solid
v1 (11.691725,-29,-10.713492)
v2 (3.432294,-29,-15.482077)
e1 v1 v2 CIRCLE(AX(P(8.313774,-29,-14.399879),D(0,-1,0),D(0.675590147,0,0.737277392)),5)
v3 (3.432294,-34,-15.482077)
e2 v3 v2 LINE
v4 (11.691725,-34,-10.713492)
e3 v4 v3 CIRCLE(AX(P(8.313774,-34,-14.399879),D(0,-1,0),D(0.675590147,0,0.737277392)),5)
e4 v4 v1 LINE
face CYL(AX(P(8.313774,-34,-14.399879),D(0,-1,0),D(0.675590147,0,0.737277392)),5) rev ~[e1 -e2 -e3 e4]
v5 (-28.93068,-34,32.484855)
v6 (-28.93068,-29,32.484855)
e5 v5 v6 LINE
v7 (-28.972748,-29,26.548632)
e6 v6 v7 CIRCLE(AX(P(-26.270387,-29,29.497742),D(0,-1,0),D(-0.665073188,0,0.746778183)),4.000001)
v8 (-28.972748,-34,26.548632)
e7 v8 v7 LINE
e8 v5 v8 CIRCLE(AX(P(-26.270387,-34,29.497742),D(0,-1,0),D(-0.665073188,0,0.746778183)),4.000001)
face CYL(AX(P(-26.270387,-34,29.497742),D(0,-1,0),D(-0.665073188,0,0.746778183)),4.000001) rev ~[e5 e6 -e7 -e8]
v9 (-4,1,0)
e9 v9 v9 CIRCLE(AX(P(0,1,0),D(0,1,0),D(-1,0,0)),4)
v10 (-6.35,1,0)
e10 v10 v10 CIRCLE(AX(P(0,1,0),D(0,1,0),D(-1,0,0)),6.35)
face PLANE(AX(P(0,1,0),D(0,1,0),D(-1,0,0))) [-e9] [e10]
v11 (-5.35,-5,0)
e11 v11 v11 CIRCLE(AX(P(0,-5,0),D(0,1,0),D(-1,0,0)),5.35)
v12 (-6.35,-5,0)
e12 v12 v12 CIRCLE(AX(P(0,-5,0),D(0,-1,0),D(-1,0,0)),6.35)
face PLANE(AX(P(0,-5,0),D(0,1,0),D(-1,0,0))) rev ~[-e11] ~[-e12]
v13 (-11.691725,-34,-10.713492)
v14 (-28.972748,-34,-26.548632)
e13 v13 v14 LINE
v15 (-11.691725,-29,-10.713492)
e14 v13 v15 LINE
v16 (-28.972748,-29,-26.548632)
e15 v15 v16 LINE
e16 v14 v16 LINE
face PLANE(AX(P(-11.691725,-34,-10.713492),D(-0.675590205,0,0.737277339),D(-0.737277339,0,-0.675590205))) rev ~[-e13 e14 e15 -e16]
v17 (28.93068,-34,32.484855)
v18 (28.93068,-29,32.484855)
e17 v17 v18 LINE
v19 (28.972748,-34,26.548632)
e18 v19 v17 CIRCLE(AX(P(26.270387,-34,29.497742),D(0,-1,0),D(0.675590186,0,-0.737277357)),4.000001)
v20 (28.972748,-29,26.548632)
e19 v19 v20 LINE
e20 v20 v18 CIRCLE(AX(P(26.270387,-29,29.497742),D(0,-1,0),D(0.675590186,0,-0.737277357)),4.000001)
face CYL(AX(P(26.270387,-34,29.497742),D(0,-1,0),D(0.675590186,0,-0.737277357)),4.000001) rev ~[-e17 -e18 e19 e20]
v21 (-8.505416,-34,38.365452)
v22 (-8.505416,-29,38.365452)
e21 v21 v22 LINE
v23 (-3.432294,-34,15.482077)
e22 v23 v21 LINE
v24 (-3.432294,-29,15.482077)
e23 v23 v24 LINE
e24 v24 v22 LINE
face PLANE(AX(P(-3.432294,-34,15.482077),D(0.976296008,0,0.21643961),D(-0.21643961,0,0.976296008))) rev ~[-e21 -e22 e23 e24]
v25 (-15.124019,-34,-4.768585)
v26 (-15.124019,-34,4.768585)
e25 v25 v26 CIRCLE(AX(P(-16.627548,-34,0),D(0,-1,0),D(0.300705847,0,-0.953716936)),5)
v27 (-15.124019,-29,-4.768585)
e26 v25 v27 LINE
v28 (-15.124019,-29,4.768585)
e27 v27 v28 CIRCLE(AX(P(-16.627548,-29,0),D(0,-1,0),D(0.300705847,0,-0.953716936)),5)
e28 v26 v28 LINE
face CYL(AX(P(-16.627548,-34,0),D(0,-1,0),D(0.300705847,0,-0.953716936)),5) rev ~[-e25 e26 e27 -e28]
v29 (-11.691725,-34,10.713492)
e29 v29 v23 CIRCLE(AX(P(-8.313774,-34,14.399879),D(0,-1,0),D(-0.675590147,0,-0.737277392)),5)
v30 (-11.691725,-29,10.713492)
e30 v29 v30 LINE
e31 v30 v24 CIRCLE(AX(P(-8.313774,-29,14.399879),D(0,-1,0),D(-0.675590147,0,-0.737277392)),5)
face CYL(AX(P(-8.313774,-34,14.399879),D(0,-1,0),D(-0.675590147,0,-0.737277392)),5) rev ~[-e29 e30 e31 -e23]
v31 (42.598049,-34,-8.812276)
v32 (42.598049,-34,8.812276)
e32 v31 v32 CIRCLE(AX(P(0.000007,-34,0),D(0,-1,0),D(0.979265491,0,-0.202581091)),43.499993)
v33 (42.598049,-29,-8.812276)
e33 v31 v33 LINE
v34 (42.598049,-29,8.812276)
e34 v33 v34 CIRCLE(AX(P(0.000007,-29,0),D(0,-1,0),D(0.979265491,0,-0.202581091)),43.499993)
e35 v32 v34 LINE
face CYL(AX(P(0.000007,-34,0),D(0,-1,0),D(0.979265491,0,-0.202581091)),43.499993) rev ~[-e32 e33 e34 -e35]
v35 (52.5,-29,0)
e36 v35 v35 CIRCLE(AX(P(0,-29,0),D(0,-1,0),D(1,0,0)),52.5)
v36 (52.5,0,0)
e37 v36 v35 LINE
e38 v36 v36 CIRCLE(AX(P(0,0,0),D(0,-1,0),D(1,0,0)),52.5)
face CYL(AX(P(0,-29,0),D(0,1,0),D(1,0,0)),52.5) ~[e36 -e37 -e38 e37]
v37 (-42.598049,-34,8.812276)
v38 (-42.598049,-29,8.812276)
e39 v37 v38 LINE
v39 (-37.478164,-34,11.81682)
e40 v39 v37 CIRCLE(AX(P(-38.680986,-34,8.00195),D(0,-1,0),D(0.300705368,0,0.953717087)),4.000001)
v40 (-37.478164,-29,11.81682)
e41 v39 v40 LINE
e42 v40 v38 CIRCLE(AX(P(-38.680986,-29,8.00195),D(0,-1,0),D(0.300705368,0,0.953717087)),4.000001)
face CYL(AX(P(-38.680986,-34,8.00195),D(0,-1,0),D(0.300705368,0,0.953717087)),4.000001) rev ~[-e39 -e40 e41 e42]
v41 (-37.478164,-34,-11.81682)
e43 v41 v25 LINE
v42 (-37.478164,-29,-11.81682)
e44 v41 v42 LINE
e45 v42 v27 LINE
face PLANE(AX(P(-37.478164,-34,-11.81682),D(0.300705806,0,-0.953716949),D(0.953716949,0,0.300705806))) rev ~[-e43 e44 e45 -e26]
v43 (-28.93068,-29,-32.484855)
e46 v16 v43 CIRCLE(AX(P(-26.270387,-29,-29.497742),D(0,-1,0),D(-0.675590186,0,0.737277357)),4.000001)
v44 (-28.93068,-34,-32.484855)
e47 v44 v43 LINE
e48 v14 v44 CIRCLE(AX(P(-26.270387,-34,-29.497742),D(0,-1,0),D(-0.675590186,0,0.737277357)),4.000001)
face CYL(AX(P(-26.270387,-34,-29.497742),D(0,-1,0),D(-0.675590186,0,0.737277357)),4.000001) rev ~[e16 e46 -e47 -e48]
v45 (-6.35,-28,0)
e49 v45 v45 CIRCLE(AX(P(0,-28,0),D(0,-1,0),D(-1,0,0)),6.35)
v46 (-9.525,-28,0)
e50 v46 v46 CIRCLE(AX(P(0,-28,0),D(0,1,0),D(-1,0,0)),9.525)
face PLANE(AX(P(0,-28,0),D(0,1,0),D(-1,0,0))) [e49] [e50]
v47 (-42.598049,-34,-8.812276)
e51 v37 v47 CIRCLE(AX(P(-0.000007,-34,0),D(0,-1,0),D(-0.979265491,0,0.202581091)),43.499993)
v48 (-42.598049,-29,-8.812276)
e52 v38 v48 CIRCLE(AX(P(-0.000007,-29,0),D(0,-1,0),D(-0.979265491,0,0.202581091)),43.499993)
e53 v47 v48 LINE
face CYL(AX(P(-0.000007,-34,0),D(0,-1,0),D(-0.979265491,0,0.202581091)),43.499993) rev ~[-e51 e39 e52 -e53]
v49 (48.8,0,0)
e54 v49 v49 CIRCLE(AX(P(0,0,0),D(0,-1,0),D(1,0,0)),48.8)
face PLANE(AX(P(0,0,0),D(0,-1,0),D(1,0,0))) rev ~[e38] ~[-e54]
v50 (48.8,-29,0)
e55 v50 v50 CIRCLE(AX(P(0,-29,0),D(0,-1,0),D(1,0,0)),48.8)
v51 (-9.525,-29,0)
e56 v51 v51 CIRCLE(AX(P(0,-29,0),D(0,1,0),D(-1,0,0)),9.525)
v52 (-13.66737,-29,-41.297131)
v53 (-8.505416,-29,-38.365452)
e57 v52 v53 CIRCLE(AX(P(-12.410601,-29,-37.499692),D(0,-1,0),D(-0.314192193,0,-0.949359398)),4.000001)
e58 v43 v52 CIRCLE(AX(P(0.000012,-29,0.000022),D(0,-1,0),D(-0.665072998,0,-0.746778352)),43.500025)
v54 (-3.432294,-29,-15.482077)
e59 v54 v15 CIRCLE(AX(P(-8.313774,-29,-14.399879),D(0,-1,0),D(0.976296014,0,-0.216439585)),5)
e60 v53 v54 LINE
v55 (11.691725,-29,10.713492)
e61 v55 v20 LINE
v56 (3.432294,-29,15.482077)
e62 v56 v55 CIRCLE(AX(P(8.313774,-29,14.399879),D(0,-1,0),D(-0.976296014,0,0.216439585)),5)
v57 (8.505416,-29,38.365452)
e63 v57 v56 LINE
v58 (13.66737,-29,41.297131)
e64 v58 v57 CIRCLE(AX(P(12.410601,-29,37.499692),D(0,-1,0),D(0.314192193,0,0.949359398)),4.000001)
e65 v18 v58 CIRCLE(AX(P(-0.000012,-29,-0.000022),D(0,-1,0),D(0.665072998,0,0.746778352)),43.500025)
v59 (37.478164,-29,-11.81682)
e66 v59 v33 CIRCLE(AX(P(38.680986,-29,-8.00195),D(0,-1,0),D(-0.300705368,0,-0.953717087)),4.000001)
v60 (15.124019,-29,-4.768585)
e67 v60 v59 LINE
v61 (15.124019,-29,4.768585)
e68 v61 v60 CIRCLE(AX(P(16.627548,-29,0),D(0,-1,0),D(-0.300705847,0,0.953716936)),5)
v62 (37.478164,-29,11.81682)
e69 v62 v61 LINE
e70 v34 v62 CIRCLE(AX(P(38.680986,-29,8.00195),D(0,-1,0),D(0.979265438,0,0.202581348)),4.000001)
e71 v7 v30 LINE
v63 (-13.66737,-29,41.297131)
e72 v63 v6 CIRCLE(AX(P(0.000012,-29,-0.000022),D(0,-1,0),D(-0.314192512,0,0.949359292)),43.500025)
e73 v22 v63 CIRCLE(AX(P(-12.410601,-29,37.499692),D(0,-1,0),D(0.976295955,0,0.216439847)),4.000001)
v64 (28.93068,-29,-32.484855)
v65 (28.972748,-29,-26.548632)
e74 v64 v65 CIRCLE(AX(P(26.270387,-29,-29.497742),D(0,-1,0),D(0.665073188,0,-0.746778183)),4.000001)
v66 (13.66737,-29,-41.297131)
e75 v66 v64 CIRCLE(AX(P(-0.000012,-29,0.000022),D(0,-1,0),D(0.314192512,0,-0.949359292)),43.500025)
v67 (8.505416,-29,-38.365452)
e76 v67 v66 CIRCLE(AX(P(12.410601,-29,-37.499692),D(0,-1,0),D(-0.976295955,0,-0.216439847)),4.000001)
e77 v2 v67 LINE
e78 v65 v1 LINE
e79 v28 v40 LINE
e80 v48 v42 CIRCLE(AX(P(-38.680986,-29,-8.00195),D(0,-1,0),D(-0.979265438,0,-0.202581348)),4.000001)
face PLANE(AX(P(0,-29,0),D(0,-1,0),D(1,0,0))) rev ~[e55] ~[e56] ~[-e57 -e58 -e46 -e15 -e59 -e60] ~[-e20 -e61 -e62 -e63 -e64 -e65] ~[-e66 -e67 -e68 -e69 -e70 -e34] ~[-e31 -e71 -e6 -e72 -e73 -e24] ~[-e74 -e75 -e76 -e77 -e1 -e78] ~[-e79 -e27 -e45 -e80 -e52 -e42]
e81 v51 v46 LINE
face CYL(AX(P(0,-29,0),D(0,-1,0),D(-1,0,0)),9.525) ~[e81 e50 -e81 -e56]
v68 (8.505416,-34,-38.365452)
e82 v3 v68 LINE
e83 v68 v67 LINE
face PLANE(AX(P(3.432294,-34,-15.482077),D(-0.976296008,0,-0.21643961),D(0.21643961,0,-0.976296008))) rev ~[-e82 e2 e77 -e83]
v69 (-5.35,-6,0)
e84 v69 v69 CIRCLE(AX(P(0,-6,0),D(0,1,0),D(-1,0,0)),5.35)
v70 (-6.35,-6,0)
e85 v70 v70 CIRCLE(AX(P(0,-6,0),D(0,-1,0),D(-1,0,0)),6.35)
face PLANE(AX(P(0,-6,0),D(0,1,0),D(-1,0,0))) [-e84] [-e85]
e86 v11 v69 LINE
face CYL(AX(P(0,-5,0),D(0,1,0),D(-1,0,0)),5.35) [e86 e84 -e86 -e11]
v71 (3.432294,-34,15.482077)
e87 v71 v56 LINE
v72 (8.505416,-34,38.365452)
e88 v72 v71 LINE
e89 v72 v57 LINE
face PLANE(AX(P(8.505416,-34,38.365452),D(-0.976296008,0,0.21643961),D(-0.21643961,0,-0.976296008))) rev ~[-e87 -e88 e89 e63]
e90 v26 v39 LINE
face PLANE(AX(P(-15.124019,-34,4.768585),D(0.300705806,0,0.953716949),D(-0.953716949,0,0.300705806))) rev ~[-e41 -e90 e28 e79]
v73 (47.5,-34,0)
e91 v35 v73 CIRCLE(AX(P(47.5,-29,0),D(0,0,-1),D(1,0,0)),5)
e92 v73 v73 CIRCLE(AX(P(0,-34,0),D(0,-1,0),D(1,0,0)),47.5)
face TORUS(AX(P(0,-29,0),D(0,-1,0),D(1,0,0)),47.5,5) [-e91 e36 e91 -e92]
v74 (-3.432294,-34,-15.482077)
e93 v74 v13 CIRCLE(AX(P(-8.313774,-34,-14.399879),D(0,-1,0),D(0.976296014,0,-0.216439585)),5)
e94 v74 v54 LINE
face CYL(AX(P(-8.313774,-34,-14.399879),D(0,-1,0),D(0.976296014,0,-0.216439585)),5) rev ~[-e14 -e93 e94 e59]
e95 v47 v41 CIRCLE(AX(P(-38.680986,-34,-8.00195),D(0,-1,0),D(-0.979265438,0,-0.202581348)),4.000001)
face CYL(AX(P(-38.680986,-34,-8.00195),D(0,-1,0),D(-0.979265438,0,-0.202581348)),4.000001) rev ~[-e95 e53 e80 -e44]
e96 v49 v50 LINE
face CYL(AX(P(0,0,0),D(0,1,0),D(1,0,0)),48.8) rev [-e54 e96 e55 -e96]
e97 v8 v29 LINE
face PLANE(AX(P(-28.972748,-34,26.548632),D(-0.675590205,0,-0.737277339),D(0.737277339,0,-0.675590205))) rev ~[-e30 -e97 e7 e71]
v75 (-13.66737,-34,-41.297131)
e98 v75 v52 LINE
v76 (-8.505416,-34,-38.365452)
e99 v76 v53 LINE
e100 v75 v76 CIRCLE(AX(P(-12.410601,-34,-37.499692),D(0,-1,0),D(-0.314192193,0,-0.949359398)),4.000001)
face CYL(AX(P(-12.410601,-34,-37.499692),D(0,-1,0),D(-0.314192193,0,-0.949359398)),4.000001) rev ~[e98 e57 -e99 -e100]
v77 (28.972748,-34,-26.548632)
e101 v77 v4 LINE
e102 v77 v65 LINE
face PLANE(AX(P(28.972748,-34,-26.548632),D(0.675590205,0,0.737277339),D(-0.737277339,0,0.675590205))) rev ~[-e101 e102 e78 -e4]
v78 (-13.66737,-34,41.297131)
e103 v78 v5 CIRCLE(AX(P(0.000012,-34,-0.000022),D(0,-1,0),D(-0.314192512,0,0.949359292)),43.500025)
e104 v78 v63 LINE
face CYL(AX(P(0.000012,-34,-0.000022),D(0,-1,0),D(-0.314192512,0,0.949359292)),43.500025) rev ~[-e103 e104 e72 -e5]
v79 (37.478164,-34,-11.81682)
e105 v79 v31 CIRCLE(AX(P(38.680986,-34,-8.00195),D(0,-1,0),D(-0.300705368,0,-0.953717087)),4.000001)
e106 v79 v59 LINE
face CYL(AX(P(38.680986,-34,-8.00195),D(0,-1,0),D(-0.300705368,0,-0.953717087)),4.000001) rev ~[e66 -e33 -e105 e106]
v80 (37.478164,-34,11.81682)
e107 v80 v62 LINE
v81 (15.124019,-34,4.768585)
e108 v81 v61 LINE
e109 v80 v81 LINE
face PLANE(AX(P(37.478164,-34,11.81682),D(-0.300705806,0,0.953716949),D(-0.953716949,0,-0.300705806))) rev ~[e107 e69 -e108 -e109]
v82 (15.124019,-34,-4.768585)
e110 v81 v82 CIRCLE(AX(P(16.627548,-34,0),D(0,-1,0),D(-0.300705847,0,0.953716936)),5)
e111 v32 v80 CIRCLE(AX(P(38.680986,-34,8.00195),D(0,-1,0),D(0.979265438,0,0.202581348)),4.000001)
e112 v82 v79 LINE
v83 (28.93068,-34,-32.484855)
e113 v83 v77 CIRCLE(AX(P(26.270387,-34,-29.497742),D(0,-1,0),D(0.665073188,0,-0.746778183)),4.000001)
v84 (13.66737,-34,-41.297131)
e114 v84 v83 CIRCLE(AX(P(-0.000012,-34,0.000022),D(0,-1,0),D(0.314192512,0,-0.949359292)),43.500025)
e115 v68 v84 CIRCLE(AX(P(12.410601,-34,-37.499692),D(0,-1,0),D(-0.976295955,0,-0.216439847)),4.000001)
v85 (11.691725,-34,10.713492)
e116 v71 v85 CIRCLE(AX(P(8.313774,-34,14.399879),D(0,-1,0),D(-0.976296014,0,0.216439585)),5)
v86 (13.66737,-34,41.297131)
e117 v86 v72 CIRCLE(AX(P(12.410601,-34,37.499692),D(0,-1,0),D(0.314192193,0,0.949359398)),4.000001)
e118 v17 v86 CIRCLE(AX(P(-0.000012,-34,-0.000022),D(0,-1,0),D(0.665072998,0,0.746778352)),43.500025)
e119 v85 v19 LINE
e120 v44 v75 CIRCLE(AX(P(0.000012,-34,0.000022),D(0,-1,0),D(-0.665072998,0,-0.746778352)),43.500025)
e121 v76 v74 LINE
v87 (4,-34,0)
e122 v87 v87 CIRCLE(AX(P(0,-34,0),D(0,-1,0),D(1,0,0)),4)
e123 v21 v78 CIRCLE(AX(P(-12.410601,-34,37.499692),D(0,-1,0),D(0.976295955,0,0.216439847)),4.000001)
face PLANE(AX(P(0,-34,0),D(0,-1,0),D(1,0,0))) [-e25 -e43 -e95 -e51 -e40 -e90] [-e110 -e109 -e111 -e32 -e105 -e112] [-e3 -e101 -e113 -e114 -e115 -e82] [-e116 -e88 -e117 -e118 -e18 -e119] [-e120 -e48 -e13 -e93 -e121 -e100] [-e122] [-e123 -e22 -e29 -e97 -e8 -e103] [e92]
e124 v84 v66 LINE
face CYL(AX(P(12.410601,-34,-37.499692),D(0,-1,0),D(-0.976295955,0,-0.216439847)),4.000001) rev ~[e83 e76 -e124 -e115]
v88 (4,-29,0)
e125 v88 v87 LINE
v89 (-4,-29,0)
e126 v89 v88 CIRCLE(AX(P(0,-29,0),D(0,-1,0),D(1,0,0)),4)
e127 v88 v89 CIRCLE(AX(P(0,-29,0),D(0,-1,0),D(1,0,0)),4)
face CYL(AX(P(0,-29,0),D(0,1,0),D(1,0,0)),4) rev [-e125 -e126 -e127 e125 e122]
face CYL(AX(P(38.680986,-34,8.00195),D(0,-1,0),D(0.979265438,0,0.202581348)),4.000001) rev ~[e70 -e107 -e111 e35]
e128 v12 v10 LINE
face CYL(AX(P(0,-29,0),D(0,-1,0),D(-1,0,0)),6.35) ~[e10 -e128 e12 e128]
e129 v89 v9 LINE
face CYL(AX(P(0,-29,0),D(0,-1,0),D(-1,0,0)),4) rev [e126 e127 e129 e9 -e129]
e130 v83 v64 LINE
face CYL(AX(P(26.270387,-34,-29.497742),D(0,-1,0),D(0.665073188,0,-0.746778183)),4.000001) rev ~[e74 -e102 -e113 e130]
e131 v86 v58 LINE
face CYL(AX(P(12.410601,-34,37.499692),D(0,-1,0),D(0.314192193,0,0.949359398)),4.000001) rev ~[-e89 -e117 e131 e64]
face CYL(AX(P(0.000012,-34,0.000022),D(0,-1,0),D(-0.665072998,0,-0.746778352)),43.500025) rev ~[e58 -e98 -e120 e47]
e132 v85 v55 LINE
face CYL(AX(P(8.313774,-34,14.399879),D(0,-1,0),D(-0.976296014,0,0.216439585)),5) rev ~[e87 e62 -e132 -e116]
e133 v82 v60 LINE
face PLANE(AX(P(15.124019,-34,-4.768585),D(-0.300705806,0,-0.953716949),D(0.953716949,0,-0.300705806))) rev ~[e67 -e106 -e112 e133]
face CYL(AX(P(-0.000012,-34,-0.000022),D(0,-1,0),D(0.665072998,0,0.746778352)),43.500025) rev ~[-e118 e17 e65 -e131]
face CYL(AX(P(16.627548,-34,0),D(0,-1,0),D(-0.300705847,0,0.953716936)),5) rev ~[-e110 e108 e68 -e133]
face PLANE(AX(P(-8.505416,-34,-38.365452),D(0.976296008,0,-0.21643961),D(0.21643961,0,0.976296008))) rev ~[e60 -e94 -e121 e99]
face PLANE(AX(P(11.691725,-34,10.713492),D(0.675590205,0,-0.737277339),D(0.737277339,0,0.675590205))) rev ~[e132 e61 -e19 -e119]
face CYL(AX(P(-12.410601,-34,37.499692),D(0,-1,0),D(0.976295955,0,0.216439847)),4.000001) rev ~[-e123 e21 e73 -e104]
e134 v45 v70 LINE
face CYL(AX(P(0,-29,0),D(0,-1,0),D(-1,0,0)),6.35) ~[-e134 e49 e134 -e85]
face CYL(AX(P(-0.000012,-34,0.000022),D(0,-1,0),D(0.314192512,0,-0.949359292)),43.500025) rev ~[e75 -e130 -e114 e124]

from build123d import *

# Parameters (mm, degrees)
F0_R      = 52.5
F0_R_2    = 48.8
F1_DEPTH  = 29
F2_R      = 52.5
F2_R_2    = 4
F3_DEPTH  = 5
F4_R      = 6.35
F4_R_2    = 4
F5_DEPTH  = 30
F7_R      = 6.85
F7_R_2    = 5.35
F8_DEPTH  = 1
F9_R      = 9.525
F9_R_2    = 4.384096
F10_DEPTH = 1
F11_R     = 5
F13_DEPTH = 25


with BuildPart() as f1:
    # F0 (on Front) → F1 (new body)
    with BuildSketch(Plane.XZ):
        Circle(F0_R)
        Circle(F0_R_2, mode=Mode.SUBTRACT)
    extrude(amount=F1_DEPTH)

    # F2 (on face) → F3 (join)
    with BuildSketch(Plane.XZ.offset(29)):
        Circle(F2_R)
        Circle(F2_R_2, mode=Mode.SUBTRACT)
    extrude(amount=F3_DEPTH)

    # F4 (on face) → F5 (join)
    with BuildSketch(Plane(origin=(0, -29, 0), x_dir=(-1, 0, 0), z_dir=(0, 1, 0))):
        Circle(F4_R)
        Circle(F4_R_2, mode=Mode.SUBTRACT)
    extrude(amount=F5_DEPTH)

    # F7 (on offset) → F8 (cut)
    with BuildSketch(Plane(origin=(0, -5, 0), x_dir=(-1, 0, 0), z_dir=(0, 1, 0))):
        Circle(F7_R)
        Circle(F7_R_2, mode=Mode.SUBTRACT)
    extrude(amount=-F8_DEPTH, mode=Mode.SUBTRACT)

    # F9 (on face) → F10 (join)
    with BuildSketch(Plane(origin=(0, -29, 0), x_dir=(-1, 0, 0), z_dir=(0, 1, 0))):
        Circle(F9_R)
        Circle(F9_R_2, mode=Mode.SUBTRACT)
    extrude(amount=F10_DEPTH)

    # F11
    f11_edges = [f1.edges().sort_by_distance(p)[0] for p in [
        (-52.5, -34, 0),
    ]]
    fillet(f11_edges, radius=F11_R)

    # F12 (on face) → F13 (cut)
    with BuildSketch(Plane.XZ.offset(34)):
        with BuildLine():
            ThreePointArc((42.598049, -8.812276), (43.5, 0), (42.598049, 8.812276))
            ThreePointArc((42.598049, 8.812276), (40.705485, 11.451793), (37.478164, 11.81682))
            Line((37.478164, 11.81682), (15.124019, 4.768585))
            ThreePointArc((15.124019, 4.768585), (11.627548, 0), (15.124019, -4.768585))
            Line((15.124019, -4.768585), (37.478164, -11.81682))
            ThreePointArc((37.478164, -11.81682), (40.705485, -11.451793), (42.598049, -8.812276))
        make_face()
        with BuildLine():
            ThreePointArc((28.93068, 32.484855), (21.75, 37.672105), (13.66737, 41.297131))
            ThreePointArc((13.66737, 41.297131), (10.435199, 40.977881), (8.505416, 38.365452))
            Line((8.505416, 38.365452), (3.432294, 15.482077))
            ThreePointArc((3.432294, 15.482077), (5.813774, 10.069752), (11.691725, 10.713492))
            Line((11.691725, 10.713492), (28.972748, 26.548632))
            ThreePointArc((28.972748, 26.548632), (30.270287, 29.526088), (28.93068, 32.484855))
        make_face()
        with BuildLine():
            ThreePointArc((-13.66737, 41.297131), (-21.75, 37.672105), (-28.93068, 32.484855))
            ThreePointArc((-28.93068, 32.484855), (-30.270287, 29.526088), (-28.972748, 26.548632))
            Line((-28.972748, 26.548632), (-11.691725, 10.713492))
            ThreePointArc((-11.691725, 10.713492), (-5.813774, 10.069752), (-3.432294, 15.482077))
            Line((-3.432294, 15.482077), (-8.505416, 38.365452))
            ThreePointArc((-8.505416, 38.365452), (-10.435199, 40.977881), (-13.66737, 41.297131))
        make_face()
        with BuildLine():
            ThreePointArc((-42.598049, 8.812276), (-43.5, 0), (-42.598049, -8.812276))
            ThreePointArc((-42.598049, -8.812276), (-40.705485, -11.451793), (-37.478164, -11.81682))
            Line((-37.478164, -11.81682), (-15.124019, -4.768585))
            ThreePointArc((-15.124019, -4.768585), (-11.627548, 0), (-15.124019, 4.768585))
            Line((-15.124019, 4.768585), (-37.478164, 11.81682))
            ThreePointArc((-37.478164, 11.81682), (-40.705485, 11.451793), (-42.598049, 8.812276))
        make_face()
        with BuildLine():
            ThreePointArc((-28.93068, -32.484855), (-21.75, -37.672105), (-13.66737, -41.297131))
            ThreePointArc((-13.66737, -41.297131), (-10.435199, -40.977881), (-8.505416, -38.365452))
            Line((-8.505416, -38.365452), (-3.432294, -15.482077))
            ThreePointArc((-3.432294, -15.482077), (-5.813774, -10.069752), (-11.691725, -10.713492))
            Line((-11.691725, -10.713492), (-28.972748, -26.548632))
            ThreePointArc((-28.972748, -26.548632), (-30.270287, -29.526088), (-28.93068, -32.484855))
        make_face()
        with BuildLine():
            ThreePointArc((13.66737, -41.297131), (21.75, -37.672105), (28.93068, -32.484855))
            ThreePointArc((28.93068, -32.484855), (30.270287, -29.526088), (28.972748, -26.548632))
            Line((28.972748, -26.548632), (11.691725, -10.713492))
            ThreePointArc((11.691725, -10.713492), (5.813774, -10.069752), (3.432294, -15.482077))
            Line((3.432294, -15.482077), (8.505416, -38.365452))
            ThreePointArc((8.505416, -38.365452), (10.435199, -40.977881), (13.66737, -41.297131))
        make_face()
    extrude(amount=-F13_DEPTH, mode=Mode.SUBTRACT)


solid = f1.part
